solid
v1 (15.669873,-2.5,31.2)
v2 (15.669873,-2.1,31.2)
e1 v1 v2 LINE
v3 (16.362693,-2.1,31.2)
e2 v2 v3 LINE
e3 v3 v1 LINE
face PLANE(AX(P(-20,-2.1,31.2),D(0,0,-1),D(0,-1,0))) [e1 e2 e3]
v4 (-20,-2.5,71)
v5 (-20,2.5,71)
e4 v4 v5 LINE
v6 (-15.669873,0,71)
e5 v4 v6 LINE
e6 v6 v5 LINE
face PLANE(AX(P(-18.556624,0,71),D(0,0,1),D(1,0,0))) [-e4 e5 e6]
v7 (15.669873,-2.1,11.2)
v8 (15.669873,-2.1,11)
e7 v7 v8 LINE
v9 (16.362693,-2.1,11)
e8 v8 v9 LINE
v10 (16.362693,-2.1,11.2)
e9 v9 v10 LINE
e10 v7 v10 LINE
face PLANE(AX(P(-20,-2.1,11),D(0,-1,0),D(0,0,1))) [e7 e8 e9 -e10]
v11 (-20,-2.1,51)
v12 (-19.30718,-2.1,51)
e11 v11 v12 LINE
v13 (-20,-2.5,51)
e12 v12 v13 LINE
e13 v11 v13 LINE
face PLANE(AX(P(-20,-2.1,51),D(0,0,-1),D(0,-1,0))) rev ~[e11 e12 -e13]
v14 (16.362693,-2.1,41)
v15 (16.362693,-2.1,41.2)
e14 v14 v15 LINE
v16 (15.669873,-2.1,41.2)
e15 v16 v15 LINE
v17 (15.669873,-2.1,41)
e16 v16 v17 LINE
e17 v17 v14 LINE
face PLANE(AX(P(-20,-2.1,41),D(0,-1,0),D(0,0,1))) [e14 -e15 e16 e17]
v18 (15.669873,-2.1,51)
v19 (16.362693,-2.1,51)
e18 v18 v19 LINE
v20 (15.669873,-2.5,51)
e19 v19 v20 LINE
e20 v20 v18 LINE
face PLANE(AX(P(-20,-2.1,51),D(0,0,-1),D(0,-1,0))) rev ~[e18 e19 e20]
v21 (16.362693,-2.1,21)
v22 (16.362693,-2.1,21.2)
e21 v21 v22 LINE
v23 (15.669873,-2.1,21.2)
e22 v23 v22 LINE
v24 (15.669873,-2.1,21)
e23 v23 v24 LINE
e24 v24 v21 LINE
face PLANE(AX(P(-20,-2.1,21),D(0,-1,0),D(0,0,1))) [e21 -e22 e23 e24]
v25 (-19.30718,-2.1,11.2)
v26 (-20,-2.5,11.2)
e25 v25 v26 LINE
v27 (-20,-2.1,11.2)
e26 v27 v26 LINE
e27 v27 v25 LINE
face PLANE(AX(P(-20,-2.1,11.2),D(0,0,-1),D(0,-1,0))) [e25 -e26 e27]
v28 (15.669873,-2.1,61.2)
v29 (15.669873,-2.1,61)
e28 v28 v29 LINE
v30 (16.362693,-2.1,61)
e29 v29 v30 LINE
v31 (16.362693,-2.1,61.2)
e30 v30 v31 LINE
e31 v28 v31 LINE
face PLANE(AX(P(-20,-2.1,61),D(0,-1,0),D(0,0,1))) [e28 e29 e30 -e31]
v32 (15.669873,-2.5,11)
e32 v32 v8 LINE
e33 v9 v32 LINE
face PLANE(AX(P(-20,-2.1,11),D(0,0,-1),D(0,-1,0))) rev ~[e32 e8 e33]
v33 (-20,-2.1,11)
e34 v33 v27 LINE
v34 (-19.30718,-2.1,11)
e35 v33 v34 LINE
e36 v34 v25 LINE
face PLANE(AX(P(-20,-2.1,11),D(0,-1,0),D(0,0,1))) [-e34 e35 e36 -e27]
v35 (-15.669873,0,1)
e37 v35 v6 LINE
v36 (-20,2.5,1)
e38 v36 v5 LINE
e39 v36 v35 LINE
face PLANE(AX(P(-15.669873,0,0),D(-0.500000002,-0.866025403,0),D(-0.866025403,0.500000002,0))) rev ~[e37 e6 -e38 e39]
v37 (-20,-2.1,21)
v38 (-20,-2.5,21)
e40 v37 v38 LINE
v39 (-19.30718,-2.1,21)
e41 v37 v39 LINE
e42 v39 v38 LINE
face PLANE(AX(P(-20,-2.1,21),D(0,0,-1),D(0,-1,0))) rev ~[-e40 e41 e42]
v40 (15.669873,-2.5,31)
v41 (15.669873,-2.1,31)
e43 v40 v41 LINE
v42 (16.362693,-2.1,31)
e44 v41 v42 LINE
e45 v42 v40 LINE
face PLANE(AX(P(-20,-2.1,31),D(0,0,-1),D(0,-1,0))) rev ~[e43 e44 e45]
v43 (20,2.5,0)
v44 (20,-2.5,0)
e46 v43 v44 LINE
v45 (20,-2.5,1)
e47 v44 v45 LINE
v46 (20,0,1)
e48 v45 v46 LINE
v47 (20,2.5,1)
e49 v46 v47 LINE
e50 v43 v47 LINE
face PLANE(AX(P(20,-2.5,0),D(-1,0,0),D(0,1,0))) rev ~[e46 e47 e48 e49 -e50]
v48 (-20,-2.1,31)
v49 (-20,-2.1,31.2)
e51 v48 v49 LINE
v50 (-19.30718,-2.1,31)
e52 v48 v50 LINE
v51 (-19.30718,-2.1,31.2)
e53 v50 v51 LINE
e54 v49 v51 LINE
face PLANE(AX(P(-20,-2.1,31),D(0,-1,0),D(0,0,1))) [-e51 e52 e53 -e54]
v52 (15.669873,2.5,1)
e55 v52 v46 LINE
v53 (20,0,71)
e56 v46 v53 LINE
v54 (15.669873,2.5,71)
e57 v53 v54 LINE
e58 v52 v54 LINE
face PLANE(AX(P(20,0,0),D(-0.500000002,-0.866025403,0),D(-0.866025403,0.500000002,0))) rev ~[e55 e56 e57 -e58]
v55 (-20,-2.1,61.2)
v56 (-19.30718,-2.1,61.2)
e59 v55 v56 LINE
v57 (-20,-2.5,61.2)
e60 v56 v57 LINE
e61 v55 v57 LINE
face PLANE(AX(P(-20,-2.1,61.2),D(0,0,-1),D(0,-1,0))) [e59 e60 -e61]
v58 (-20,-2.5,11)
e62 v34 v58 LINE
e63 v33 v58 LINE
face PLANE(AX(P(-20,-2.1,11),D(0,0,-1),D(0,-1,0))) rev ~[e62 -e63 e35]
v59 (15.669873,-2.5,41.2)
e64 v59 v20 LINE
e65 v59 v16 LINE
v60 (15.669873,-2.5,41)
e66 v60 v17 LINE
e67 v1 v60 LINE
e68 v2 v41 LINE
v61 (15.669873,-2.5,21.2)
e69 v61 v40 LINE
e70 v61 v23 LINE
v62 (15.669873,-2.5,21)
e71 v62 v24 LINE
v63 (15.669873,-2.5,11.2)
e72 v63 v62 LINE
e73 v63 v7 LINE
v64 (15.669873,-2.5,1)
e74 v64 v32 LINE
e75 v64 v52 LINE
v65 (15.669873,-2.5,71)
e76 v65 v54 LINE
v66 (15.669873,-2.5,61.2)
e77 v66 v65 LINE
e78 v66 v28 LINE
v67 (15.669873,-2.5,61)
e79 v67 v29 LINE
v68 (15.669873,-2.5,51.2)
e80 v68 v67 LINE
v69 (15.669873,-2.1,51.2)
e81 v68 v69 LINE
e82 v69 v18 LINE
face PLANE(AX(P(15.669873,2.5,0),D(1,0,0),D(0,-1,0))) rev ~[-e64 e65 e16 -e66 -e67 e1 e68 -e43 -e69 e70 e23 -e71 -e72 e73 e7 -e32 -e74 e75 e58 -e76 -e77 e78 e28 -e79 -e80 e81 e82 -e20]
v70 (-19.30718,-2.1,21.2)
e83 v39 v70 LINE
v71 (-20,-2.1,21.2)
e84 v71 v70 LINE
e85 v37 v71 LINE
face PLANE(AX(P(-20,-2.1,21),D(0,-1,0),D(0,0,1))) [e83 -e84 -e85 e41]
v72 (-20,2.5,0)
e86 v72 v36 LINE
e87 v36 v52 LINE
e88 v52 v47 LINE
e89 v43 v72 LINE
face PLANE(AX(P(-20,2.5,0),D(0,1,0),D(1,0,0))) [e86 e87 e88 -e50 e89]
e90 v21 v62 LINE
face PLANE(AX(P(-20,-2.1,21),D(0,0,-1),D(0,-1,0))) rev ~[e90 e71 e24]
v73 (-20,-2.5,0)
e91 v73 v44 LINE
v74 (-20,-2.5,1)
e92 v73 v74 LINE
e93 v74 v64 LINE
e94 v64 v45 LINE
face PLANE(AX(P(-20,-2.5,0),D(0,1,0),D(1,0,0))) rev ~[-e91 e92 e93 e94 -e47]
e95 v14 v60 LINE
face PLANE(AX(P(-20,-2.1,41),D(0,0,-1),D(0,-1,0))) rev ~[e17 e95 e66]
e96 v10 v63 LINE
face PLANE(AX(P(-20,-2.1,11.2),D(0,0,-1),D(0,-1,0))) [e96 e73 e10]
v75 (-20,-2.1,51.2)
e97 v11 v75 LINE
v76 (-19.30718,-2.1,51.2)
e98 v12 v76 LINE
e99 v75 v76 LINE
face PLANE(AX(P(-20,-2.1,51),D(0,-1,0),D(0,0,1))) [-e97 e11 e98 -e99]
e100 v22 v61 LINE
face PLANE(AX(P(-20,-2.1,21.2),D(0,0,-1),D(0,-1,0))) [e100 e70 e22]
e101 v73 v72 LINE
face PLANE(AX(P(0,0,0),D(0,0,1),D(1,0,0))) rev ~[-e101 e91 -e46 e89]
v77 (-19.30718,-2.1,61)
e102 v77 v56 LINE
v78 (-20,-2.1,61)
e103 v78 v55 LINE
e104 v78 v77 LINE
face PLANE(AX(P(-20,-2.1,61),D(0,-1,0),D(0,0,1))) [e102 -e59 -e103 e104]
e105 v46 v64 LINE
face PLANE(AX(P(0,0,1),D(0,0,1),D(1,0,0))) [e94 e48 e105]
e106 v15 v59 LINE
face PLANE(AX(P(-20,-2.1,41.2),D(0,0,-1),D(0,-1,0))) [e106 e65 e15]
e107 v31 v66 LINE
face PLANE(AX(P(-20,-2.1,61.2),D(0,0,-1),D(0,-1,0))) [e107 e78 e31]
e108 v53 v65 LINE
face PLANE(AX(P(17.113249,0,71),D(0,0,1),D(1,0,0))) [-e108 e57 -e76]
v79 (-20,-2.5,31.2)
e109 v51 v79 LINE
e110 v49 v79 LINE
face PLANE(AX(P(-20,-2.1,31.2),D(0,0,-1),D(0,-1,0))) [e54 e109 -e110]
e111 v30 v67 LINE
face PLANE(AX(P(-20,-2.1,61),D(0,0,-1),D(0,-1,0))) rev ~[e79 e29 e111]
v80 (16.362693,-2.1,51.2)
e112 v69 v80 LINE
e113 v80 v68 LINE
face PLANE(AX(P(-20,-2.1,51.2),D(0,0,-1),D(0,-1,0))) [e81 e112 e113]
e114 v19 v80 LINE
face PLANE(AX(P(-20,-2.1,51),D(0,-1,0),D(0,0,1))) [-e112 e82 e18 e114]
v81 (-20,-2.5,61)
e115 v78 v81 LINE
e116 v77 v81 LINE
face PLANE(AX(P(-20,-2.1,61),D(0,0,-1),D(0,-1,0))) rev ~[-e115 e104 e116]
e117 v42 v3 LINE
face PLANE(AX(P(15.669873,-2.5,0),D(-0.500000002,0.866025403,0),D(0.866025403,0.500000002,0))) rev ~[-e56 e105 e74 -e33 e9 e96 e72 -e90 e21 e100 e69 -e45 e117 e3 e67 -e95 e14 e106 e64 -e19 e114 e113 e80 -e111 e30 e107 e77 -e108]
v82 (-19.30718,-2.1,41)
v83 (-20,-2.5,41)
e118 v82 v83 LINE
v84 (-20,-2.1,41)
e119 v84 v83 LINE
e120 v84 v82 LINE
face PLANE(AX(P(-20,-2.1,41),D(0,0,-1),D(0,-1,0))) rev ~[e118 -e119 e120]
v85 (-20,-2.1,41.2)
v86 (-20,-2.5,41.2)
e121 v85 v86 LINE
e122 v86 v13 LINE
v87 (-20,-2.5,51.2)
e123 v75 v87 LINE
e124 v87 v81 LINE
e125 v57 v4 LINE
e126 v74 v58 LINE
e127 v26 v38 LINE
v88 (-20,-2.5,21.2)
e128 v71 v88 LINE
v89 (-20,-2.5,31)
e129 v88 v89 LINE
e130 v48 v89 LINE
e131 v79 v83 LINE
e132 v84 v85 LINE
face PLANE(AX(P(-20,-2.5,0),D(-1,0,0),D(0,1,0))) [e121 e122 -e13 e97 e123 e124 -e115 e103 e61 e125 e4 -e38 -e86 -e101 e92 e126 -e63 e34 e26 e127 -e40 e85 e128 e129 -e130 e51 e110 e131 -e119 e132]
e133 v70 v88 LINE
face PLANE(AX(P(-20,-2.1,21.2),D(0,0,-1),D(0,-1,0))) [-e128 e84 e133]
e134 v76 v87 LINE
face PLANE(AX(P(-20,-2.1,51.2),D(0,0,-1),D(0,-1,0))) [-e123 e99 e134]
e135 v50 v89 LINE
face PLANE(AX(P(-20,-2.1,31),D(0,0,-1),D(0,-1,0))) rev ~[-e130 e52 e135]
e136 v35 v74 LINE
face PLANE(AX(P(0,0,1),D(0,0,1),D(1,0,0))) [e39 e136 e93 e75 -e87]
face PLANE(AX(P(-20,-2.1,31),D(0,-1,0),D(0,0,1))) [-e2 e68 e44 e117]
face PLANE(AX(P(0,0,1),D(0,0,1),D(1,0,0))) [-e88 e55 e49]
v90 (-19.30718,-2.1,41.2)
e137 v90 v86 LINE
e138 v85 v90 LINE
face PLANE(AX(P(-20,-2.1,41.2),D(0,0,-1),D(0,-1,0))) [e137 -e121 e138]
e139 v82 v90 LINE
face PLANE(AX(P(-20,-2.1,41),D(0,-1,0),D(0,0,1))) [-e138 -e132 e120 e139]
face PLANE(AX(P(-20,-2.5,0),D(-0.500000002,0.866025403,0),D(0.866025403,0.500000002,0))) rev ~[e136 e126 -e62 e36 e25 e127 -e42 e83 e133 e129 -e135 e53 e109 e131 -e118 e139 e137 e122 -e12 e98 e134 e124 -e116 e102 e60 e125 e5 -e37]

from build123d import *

# Parameters (mm, degrees)
F0_W     = 40
F0_H     = 5
F1_DEPTH = 1
F3_DEPTH = 71
F4_W     = 0.4
F4_H     = 0.2
F5_DEPTH = 40.001


with BuildPart() as f1:
    # F0 (on Top) → F1 (new body)
    with BuildSketch(Plane.XY):
        Rectangle(F0_W, F0_H)
    extrude(amount=F1_DEPTH)

    # F2 (on Top) → F3 (join)
    with BuildSketch(Plane.XY):
        Polygon((-15.669873, 0), (-20, 2.5), (-20, -2.5), align=None)
        Polygon((20, 0), (15.669873, 2.5), (15.669873, -2.5), align=None)
    extrude(amount=F3_DEPTH)

    # F4 (on face) → F5 (cut, through all)
    with BuildSketch(Plane(origin=(-20, 0, 0), x_dir=(0, -1, 0), z_dir=(-1, 0, 0))):
        with Locations((2.3, 11.1)):
            Rectangle(F4_W, F4_H)
        with Locations((2.3, 21.1)):
            Rectangle(F4_W, F4_H)
        with Locations((2.3, 31.1)):
            Rectangle(F4_W, F4_H)
        with Locations((2.3, 41.1)):
            Rectangle(F4_W, F4_H)
        with Locations((2.3, 51.1)):
            Rectangle(F4_W, F4_H)
        with Locations((2.3, 61.1)):
            Rectangle(F4_W, F4_H)
        with Locations((2.3, 71.1)):
            Rectangle(F4_W, F4_H)
    extrude(amount=-F5_DEPTH, mode=Mode.SUBTRACT)


solid = f1.part
